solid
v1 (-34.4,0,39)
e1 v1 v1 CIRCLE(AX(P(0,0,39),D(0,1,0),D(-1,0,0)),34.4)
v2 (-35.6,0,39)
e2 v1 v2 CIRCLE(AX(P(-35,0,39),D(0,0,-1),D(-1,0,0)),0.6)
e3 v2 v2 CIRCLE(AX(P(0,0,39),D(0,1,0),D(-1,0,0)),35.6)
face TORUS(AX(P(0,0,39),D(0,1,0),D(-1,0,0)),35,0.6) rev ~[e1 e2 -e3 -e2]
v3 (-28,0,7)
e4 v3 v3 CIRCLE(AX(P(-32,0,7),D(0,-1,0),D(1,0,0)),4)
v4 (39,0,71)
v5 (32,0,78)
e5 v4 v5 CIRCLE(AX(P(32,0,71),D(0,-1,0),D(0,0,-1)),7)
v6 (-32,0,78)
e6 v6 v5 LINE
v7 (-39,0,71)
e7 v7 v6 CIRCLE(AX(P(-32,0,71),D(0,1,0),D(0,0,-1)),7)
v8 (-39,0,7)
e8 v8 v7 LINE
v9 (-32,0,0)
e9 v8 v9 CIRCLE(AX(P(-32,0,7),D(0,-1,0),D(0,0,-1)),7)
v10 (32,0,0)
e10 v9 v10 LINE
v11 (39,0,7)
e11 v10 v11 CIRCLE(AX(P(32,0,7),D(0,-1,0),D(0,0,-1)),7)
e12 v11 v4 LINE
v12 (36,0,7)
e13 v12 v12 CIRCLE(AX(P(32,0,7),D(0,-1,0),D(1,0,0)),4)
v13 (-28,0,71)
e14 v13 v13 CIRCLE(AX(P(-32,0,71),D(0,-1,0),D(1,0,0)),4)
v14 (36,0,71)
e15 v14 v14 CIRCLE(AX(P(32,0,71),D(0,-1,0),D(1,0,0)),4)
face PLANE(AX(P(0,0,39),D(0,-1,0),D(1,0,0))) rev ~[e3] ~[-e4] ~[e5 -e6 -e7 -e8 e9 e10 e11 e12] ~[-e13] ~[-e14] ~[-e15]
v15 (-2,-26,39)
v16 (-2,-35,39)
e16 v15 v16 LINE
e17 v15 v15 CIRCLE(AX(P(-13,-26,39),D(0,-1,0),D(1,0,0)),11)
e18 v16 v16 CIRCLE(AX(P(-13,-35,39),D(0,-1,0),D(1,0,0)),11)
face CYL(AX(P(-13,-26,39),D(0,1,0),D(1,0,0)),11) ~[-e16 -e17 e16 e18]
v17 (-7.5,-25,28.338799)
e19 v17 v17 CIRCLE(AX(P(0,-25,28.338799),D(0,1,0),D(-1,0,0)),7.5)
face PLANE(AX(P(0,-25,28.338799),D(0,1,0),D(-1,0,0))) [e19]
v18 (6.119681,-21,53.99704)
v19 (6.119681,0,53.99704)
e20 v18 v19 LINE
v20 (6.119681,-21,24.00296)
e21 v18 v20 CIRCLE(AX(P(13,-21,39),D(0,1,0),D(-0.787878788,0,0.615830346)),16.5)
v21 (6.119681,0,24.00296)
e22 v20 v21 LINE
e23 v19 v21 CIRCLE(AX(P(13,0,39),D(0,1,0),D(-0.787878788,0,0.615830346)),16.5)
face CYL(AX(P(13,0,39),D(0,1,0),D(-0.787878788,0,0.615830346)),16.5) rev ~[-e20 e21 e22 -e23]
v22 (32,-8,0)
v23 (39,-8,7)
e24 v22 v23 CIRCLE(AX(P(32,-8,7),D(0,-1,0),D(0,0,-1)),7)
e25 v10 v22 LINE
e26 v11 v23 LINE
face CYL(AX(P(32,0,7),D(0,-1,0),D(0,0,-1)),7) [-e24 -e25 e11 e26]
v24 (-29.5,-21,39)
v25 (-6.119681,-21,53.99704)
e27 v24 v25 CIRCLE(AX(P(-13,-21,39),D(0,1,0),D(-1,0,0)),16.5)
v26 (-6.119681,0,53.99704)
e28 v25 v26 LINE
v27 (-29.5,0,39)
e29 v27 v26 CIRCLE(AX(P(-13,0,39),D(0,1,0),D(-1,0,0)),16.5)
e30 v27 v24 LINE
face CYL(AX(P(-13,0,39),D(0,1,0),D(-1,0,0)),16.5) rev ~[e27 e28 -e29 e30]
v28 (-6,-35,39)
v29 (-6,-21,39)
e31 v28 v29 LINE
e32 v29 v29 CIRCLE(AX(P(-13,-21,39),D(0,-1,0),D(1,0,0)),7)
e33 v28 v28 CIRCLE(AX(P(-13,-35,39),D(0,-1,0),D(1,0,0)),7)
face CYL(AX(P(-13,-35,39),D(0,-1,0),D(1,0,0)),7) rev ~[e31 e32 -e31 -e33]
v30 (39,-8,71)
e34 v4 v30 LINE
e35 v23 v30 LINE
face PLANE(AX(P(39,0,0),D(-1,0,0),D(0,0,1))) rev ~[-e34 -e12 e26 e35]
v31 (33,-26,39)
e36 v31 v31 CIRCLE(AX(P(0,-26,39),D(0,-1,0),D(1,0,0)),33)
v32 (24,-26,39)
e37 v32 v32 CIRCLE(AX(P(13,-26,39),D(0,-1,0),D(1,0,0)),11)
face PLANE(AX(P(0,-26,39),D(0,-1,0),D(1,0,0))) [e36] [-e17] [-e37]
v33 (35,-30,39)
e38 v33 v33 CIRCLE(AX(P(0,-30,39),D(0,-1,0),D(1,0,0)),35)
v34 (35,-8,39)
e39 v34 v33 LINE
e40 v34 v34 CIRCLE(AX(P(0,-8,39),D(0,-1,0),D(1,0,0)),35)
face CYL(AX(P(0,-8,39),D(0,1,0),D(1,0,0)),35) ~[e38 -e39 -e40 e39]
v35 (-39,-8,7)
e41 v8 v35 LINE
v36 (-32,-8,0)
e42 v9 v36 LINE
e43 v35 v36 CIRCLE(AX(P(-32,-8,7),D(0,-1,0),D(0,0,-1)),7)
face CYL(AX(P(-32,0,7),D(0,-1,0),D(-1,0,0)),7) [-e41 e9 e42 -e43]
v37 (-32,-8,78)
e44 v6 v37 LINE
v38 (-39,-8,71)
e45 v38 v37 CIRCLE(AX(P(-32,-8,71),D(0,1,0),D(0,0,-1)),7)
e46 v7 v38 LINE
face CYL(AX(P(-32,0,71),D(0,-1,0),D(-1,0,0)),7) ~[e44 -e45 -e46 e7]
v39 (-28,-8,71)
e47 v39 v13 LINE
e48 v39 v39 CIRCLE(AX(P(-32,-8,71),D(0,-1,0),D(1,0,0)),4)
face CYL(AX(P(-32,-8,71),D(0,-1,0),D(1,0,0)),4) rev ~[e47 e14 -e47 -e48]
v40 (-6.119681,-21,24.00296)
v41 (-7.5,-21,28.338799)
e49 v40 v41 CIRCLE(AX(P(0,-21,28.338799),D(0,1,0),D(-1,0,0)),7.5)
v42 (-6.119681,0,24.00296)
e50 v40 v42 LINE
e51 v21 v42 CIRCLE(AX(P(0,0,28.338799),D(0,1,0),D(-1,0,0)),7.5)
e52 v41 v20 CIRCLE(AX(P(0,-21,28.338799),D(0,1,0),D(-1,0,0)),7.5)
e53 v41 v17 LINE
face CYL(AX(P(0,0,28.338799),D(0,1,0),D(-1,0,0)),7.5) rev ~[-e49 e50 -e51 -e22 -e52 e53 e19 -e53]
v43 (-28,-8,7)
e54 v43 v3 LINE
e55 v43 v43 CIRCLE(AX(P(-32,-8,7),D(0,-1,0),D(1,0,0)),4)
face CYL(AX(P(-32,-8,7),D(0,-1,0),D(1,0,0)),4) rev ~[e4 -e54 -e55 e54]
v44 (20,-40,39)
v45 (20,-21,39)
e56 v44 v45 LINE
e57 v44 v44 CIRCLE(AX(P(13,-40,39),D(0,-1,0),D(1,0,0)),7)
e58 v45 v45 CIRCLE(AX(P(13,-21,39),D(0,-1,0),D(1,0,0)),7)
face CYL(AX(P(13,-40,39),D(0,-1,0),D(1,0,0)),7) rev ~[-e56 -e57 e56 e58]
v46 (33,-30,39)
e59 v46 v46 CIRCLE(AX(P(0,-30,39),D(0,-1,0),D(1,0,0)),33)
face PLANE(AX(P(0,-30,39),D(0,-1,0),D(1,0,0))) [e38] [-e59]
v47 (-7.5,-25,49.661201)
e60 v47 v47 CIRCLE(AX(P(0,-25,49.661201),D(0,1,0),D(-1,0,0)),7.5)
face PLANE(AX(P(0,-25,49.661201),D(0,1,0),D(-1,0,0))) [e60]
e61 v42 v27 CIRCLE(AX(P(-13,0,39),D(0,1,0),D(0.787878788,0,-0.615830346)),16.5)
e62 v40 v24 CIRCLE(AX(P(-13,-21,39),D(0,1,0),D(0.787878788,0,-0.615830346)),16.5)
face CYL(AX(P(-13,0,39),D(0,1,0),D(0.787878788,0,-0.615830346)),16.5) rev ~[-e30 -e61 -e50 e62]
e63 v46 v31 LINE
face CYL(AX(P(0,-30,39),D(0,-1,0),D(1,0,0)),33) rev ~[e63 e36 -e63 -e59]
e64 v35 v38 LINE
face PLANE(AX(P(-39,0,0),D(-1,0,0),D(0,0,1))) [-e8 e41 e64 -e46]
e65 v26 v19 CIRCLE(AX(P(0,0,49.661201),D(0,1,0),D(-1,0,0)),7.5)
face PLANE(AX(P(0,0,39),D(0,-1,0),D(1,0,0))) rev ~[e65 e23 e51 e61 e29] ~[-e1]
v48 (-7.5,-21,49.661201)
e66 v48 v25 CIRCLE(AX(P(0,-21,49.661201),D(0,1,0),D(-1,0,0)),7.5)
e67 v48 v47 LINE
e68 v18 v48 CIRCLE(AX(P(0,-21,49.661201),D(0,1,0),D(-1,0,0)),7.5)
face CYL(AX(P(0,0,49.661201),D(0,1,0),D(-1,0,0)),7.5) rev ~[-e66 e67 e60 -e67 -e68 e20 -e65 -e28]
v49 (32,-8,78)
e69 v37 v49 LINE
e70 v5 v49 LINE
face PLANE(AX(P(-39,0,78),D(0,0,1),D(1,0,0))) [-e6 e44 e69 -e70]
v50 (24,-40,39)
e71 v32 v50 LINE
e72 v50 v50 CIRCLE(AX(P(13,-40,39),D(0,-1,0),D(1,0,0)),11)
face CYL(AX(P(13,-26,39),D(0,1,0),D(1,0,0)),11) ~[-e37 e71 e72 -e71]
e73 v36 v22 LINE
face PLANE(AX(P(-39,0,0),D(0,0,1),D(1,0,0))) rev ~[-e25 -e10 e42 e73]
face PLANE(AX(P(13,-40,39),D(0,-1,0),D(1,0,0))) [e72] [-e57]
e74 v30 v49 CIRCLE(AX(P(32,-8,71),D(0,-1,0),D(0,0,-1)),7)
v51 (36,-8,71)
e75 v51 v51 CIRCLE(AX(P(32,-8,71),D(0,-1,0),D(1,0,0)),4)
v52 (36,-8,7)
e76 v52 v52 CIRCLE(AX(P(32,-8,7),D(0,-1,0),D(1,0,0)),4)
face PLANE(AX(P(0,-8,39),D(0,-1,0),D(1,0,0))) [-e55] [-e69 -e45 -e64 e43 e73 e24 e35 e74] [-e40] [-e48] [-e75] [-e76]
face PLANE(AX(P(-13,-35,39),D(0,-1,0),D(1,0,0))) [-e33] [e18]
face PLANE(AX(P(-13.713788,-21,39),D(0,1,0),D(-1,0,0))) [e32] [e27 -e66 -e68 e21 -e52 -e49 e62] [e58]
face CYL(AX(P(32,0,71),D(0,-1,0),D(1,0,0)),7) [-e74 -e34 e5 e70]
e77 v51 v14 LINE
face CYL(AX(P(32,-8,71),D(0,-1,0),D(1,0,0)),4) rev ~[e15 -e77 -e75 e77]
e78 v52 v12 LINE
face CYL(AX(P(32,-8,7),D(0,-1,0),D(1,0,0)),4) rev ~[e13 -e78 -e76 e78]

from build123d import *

# Parameters (mm, degrees)
F0_W      = 78
F0_H      = 78
F1_DEPTH  = 8
F2_R      = 7
F3_R      = 4
F4_DEPTH  = 8.001
F5_R      = 35
F6_DEPTH  = 22
F7_R      = 33
F8_DEPTH  = 4
F10_R     = 0.6
F13_DEPTH = 21
F14_R     = 7.5
F15_DEPTH = 25
F16_R     = 11
F17_DEPTH = 14
F18_R     = 11
F19_DEPTH = 9
F20_R     = 7
F21_DEPTH = 35.001
F22_R     = 7
F23_DEPTH = 40.001


with BuildPart() as f1:
    # F0 (on Front) → F1 (new body)
    with BuildSketch(Plane.XZ):
        with Locations((0, 39)):
            Rectangle(F0_W, F0_H)
    extrude(amount=F1_DEPTH)

    # F2
    f2_edges = [f1.edges().sort_by_distance(p)[0] for p in [
        (-39, -4, 78),
        (39, -4, 78),
        (39, -4, 0),
        (-39, -4, 0),
    ]]
    fillet(f2_edges, radius=F2_R)

    # F3 (on face) → F4 (cut, through all)
    with BuildSketch(Plane.XZ.offset(8)):
        with Locations((-32, 71)):
            Circle(F3_R)
        with Locations((32, 71)):
            Circle(F3_R)
        with Locations((-32, 7)):
            Circle(F3_R)
        with Locations((32, 7)):
            Circle(F3_R)
    extrude(amount=-F4_DEPTH, mode=Mode.SUBTRACT)

    # F5 (on face) → F6 (join)
    with BuildSketch(Plane.XZ.offset(8)):
        with Locations((0, 39)):
            Circle(F5_R)
    extrude(amount=F6_DEPTH)

    # F7 (on face) → F8 (cut)
    with BuildSketch(Plane.XZ.offset(30)):
        with Locations((0, 39)):
            Circle(F7_R)
    extrude(amount=-F8_DEPTH, mode=Mode.SUBTRACT)

    # F11: sweep along a path in F9
    with BuildLine(Plane(origin=(0, 0, 0), x_dir=(-1, 0, 0), z_dir=(0, 1, 0))) as f11_path:
        CenterArc((0, 39), 35, 0, 360)
    # F10 (on Right) → F11 (sweep, cut)
    with BuildSketch(Plane.YZ):
        with Locations((0, 74)):
            Circle(F10_R)
    sweep(path=f11_path.line, mode=Mode.SUBTRACT)

    # F12 (on face) → F13 (cut)
    with BuildSketch(Plane(origin=(0, 0, 0), x_dir=(-1, 0, 0), z_dir=(0, 1, 0))):
        with BuildLine():
            ThreePointArc((0, 28.8387992835), (18.3735463151, 23.3995192382), (29.5, 39))
            ThreePointArc((29.5, 39), (18.3735463151, 54.6004807618), (0, 49.1612007165))
            ThreePointArc((0, 49.1612007165), (2.6004807618, 44.3735463151), (3.5, 39))
            ThreePointArc((3.5, 39), (2.6004807618, 33.6264536849), (0, 28.8387992835))
        make_face()
        with BuildLine():
            ThreePointArc((3.5, 39), (2.6004807618, 44.3735463151), (0, 49.1612007165))
            ThreePointArc((0, 49.1612007165), (-3.5, 39), (0, 28.8387992835))
            ThreePointArc((0, 28.8387992835), (2.6004807618, 33.6264536849), (3.5, 39))
        make_face()
        with BuildLine():
            ThreePointArc((0, 28.8387992835), (-3.5, 39), (0, 49.1612007165))
            ThreePointArc((0, 49.1612007165), (-29.5, 39), (0, 28.8387992835))
        make_face()
    extrude(amount=-F13_DEPTH, mode=Mode.SUBTRACT)

    # F14 (on face) → F15 (cut)
    with BuildSketch(Plane(origin=(0, 0, 0), x_dir=(-1, 0, 0), z_dir=(0, 1, 0))):
        with Locations((0, 28.3387992835)):
            Circle(F14_R)
        with Locations((0, 49.6612007165)):
            Circle(F14_R)
    extrude(amount=-F15_DEPTH, mode=Mode.SUBTRACT)

    # F16 (on face) → F17 (join)
    with BuildSketch(Plane.XZ.offset(26)):
        with Locations((13, 39)):
            Circle(F16_R)
    extrude(amount=F17_DEPTH)

    # F18 (on face) → F19 (join)
    with BuildSketch(Plane.XZ.offset(26)):
        with Locations((-13, 39)):
            Circle(F18_R)
    extrude(amount=F19_DEPTH)

    # F20 (on face) → F21 (cut, through all)
    with BuildSketch(Plane.XZ.offset(35)):
        with Locations((-13, 39)):
            Circle(F20_R)
    extrude(amount=-F21_DEPTH, mode=Mode.SUBTRACT)

    # F22 (on face) → F23 (cut, through all)
    with BuildSketch(Plane.XZ.offset(40)):
        with Locations((13, 39)):
            Circle(F22_R)
    extrude(amount=-F23_DEPTH, mode=Mode.SUBTRACT)


solid = f1.part
